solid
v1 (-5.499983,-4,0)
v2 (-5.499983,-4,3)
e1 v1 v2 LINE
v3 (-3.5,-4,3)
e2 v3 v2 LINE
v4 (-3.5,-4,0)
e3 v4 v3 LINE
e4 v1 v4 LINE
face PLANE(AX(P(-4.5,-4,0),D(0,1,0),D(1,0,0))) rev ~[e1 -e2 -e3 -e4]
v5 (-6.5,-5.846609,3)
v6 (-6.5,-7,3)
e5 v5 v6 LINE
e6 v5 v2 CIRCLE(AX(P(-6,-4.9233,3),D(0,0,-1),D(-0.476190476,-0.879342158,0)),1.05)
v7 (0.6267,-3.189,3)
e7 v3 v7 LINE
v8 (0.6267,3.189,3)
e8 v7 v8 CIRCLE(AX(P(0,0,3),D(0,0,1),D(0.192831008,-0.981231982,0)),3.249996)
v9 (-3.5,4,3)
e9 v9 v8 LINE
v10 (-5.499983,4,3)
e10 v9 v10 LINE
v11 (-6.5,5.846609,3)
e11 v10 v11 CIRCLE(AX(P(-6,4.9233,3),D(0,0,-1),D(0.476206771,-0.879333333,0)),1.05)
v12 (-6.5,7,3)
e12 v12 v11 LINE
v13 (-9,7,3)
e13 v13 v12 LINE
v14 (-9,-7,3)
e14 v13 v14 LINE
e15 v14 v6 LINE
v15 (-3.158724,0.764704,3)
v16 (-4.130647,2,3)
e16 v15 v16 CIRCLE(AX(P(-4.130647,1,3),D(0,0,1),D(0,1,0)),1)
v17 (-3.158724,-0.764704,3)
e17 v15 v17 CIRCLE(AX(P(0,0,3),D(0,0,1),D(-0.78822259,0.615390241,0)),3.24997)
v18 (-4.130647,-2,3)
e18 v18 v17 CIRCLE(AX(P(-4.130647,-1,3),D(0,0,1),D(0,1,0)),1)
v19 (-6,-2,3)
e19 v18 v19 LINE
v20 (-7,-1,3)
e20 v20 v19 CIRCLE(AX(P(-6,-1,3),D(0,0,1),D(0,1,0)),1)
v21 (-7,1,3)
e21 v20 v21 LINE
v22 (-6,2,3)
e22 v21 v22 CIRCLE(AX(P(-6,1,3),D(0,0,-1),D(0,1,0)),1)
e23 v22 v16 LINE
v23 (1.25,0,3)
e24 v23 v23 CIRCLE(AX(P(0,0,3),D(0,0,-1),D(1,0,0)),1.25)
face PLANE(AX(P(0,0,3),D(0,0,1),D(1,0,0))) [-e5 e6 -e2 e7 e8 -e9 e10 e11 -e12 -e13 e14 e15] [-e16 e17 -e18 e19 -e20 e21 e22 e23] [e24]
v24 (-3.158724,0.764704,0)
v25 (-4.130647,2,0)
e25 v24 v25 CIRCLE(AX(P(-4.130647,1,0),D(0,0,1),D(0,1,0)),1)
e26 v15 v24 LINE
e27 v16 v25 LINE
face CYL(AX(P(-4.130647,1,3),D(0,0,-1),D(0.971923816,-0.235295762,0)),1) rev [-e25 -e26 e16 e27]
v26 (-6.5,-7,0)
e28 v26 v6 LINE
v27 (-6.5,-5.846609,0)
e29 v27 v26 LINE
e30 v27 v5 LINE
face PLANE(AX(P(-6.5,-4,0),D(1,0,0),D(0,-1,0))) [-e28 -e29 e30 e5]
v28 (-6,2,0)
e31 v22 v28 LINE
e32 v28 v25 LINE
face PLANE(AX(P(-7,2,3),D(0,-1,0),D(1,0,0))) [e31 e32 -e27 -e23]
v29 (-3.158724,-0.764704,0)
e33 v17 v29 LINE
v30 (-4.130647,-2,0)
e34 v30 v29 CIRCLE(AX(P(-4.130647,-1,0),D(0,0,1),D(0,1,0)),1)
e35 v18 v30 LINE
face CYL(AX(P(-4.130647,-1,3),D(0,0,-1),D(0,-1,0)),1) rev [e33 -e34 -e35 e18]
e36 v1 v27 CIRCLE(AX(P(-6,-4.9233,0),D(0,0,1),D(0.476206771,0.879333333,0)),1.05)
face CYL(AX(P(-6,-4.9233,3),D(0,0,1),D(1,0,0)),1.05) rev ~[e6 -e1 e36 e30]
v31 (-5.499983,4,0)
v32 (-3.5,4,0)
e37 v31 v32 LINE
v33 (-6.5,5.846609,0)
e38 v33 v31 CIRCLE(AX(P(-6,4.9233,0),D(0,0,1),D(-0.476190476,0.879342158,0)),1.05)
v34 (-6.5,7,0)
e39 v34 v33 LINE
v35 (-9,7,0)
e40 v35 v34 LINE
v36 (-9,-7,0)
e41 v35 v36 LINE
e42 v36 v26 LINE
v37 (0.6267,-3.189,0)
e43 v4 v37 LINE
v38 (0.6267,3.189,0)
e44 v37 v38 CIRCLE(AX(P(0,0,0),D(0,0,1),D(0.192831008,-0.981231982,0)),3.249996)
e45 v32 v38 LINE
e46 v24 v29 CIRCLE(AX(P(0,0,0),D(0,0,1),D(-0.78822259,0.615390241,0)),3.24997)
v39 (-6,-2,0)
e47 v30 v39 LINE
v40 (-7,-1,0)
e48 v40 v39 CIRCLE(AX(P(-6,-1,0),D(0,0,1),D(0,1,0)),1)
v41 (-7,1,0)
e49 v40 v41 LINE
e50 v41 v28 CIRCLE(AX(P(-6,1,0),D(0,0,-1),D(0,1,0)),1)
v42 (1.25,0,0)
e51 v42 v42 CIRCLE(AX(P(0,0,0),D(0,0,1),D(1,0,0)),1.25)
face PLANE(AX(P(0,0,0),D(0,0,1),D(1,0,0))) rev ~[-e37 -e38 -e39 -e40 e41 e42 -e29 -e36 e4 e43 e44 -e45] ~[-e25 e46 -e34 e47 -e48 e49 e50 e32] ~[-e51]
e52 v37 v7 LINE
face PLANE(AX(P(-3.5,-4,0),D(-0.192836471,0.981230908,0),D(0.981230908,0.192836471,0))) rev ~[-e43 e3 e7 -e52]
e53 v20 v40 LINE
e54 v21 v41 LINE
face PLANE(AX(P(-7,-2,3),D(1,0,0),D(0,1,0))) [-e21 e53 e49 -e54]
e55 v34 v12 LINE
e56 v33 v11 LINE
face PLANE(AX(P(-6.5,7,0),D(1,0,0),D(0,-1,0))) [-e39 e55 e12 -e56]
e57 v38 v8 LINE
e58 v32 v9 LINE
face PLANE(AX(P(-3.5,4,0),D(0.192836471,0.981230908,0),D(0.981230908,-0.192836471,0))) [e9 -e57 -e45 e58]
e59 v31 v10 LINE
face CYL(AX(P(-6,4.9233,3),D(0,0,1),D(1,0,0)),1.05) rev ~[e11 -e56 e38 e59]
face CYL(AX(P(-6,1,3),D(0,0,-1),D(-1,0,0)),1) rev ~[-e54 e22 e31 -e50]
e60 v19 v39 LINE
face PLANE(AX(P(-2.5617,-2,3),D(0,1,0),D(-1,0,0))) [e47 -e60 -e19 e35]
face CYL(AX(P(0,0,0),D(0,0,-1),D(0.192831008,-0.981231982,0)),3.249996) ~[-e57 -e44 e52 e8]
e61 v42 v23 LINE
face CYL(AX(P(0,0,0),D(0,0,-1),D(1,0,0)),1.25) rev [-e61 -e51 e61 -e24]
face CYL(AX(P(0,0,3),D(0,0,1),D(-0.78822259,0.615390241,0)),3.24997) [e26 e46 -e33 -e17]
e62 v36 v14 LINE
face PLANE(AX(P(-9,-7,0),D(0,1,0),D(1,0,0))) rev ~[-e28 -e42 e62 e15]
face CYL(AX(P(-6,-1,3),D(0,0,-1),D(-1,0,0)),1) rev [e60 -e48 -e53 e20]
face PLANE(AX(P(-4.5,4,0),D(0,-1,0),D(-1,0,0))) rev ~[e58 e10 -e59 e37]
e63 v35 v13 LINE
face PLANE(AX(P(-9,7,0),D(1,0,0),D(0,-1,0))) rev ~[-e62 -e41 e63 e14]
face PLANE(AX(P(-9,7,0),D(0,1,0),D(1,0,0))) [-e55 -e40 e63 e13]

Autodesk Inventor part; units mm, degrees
ref_plane "YZ Plane" through (0, 0, 0) normal (1, 0, 0) x (0, 1, 0)
ref_plane "XZ Plane" through (0, 0, 0) normal (0, 1, 0) x (-1, 0, 0)
ref_plane "XY Plane" through (0, 0, 0) normal (0, 0, 1) x (1, 0, 0)
sketch "スケッチ1" plane through (0, 0, 0) normal (0, 0, 1) x (1, 0, 0)
  circle A0 centre (0, 0) radius 1.25
  arc A1 (0.6267, -3.189) -> (0.6267, 3.189) centre (0, 0) ccw
  line L0 (0, 0) -> (-4.5, 0)
  line L1 (-4.5, -4.1965) -> (-4.5, -4)
  line L2 (-4.5, 4) -> (-3.5, 4)
  line L3 (-3.5, 4) -> (0.6267, 3.189)
  line L4 (-4.5, -4) -> (-3.5, -4)
  line L5 (-3.5, -4) -> (0.6267, -3.189)
  line L6 (-4.5, 4) -> (-6.5, 4)
  line L7 (-4.5, -4) -> (-6.5, -4)
  line L8 (-9, 7) -> (-9, -7)
  line L9 (-9, -7) -> (-6.5, -7)
  line L10 (-9, 7) -> (-6.5, 7)
  line L11 (-6.5, 7) -> (-6.5, 4)
  line L12 (-6.5, -4) -> (-6.5, -7)
  dimension "d0" = 2.5
  dimension "d3" = 8
  dimension "d5" = 8
  dimension "d6" = 2
  dimension "d7" = 2
  dimension "d8" = 3
  dimension "d14" = 1
  dimension "d17" = 3
  dimension "d32" = 14
  dimension "d33" = 2.5
  dimension "d35" = 2
extrude "押し出し1" add sketch "スケッチ1" along normal blind 3
sketch "スケッチ2" plane through (0, 0, 3) normal (0, 0, 1) x (1, 0, 0)
  line L0 (-6.5, 7) -> (-6.5, 4) projected
  circle A0 centre (-6, -4.9233) radius 1.05
  circle A1 centre (-6, 4.9233) radius 1.05
  point P0 (-4.5, 4)
  point P1 (-4.5, -4)
  dimension "d13" = 2.1
  dimension "d12" = 2.1
  dimension "d15" = 0.5
extrude "押し出し2" cut sketch "スケッチ2" against normal blind 3
sketch "スケッチ4" plane through (0, 0, 3) normal (0, 0, 1) x (1, 0, 0)
  line L0 (-9, -7) -> (-9, 7) projected
  line L1 (-3.5, -4) -> (-5.5, -4) projected
  line L2 (0.6267, -3.189) -> (-3.5, -4) projected
  line L3 (-3.5, 4) -> (0.6267, 3.189) projected
  line L4 (-5.5, 4) -> (-3.5, 4) projected
  circle A0 centre (0, 0) radius 1.25 projected
  line L5 (-7, 2) -> (-2.5617, 2)
  line L6 (-2.5617, -2) -> (-7, -2)
  line L7 (-7, -2) -> (-7, 2)
  arc A1 (-2.5617, 2) -> (-2.5617, -2) centre (0, 0) ccw
  arc A2 (0.6267, -3.189) -> (0.6267, 3.189) centre (0, 0) ccw
  dimension "d23" = 2
  dimension "d24" = 2
  dimension "d25" = 2
extrude "押し出し3" cut sketch "スケッチ4" against normal blind 3 contours L5 A1 L6 L7
fillet "フィレット1" radius 1 4 edges at (-2.5617, -2, 1.5) (-2.5617, 2, 1.5) (-7, -2, 1.5) (-7, 2, 1.5)
properties part number "アームユニット底板締結パーツ3t用" material "アルミニウム 2014-T4"
